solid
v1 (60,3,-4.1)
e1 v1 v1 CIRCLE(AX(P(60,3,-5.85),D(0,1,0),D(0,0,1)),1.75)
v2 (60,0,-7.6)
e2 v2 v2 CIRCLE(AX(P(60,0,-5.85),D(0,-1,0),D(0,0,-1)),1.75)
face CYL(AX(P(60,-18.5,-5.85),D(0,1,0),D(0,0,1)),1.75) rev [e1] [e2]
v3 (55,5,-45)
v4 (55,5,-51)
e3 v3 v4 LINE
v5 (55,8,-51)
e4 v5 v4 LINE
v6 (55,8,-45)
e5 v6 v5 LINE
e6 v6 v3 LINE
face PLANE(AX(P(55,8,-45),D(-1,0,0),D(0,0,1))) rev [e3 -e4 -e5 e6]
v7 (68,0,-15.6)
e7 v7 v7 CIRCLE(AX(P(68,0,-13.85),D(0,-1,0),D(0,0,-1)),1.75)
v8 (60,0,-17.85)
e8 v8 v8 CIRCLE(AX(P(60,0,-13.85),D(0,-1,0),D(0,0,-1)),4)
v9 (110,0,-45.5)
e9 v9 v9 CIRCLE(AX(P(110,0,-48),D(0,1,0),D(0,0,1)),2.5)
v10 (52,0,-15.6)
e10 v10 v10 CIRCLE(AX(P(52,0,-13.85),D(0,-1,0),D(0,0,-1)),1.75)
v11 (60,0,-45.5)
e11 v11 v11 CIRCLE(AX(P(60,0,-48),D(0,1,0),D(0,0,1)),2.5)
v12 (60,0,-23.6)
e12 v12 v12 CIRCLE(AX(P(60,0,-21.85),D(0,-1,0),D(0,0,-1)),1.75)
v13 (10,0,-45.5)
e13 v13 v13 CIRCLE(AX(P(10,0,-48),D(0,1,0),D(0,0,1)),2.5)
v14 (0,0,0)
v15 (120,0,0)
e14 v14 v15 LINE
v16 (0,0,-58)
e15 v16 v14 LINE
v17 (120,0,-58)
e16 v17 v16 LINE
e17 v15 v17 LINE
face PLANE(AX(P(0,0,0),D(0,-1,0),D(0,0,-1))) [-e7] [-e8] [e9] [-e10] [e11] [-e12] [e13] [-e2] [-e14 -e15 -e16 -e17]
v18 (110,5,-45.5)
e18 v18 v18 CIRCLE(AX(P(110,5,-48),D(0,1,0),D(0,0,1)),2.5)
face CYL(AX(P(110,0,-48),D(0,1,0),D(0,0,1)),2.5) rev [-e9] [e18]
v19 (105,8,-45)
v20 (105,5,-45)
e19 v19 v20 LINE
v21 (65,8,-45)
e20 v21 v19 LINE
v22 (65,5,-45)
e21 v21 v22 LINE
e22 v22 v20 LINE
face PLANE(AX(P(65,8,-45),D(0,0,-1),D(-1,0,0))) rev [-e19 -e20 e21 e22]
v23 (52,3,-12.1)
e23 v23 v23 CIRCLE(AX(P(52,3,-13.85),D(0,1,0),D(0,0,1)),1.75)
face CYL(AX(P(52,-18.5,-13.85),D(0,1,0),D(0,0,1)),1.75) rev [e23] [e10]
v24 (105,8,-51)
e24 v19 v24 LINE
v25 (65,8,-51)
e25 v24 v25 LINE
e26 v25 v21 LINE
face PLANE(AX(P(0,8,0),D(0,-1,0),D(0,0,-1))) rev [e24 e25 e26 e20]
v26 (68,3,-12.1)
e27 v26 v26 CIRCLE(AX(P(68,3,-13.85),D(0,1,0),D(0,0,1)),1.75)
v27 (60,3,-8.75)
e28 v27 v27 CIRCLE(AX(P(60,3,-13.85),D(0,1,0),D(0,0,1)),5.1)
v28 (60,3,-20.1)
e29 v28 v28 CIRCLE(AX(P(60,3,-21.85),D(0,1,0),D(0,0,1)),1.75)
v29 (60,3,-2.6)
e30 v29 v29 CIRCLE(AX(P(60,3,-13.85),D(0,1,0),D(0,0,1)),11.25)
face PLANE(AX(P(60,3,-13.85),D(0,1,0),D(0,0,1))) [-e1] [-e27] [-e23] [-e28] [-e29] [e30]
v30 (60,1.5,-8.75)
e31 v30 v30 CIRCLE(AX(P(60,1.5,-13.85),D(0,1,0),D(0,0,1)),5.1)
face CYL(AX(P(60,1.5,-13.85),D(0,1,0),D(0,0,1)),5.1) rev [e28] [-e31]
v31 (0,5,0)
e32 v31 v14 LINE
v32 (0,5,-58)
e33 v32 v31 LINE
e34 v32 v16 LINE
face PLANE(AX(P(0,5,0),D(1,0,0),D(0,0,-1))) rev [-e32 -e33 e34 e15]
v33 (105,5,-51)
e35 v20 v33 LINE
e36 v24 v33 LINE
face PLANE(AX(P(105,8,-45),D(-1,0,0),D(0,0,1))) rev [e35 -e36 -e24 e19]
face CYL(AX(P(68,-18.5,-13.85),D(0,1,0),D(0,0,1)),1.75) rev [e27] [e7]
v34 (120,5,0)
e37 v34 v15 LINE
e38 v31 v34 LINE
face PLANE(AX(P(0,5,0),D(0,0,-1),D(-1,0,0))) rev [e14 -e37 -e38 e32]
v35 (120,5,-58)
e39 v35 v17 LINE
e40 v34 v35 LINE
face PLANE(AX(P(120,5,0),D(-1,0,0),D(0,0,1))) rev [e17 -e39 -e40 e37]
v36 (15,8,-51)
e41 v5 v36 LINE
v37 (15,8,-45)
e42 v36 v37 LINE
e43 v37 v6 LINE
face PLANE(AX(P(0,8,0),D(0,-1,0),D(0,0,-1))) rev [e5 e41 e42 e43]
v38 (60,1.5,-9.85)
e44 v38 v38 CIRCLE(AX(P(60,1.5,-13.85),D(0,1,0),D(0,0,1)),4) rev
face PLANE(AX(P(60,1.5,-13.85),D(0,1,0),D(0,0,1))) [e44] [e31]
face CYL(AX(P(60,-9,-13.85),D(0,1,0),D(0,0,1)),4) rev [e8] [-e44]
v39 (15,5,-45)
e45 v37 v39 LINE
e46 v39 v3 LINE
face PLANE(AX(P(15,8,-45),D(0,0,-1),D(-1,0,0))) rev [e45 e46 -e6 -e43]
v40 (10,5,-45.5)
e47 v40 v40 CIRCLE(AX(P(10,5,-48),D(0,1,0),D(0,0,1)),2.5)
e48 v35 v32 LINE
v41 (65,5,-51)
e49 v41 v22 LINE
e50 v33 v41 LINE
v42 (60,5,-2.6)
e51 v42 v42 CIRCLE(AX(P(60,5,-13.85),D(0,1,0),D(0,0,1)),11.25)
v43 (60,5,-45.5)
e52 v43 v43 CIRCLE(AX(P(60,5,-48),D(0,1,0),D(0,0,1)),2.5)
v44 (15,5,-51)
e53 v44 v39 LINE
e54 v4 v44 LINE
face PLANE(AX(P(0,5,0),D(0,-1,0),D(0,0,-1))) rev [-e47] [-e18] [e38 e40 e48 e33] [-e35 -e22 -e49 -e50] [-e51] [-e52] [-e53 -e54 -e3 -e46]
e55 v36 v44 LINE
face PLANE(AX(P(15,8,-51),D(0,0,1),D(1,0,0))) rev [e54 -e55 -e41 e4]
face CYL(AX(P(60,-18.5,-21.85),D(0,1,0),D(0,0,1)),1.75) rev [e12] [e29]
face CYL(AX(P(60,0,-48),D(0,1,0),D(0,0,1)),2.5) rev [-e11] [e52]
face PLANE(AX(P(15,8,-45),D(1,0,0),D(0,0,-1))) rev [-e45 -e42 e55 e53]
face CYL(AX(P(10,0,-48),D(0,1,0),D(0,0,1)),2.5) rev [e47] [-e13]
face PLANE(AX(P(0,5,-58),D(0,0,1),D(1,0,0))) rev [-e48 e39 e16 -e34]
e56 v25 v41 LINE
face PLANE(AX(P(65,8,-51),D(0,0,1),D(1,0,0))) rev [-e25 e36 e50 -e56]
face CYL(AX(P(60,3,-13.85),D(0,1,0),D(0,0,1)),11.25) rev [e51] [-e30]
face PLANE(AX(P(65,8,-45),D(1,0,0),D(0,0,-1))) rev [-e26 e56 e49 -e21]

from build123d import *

# Parameters (mm, degrees)
SKETCH1_W           = 120
SKETCH1_H           = 58
BOSS_EXTRUDE5_DEPTH = 5
SKETCH5_R           = 2.5
CUT_EXTRUDE2_DEPTH  = 5
SKETCH6_W           = 40
SKETCH6_H           = 6
BOSS_EXTRUDE6_DEPTH = 3
SKETCH7_R           = 11.25
CUT_EXTRUDE3_DEPTH  = 2
SKETCH8_R           = 4
CUT_EXTRUDE4_DEPTH  = 12
SKETCH9_R           = 5.1
CUT_EXTRUDE5_DEPTH  = 1.5
SKETCH10_R          = 1.75
CUT_EXTRUDE6_DEPTH  = 21.5


with BuildPart() as part:
    # Sketch1 → Boss-Extrude5 (new body)
    with BuildSketch(Plane(origin=(0, 0, 0), x_dir=(1, 0, 0), z_dir=(0, 1, 0))):
        with Locations((60, 29)):
            Rectangle(SKETCH1_W, SKETCH1_H)
    extrude(amount=BOSS_EXTRUDE5_DEPTH)

    # Sketch5 → Cut-Extrude2 (cut)
    with BuildSketch(Plane(origin=(0, 5, 0), x_dir=(1, 0, 0), z_dir=(0, 1, 0))):
        with Locations(Location((10, 48, 0), (0, 0, 270))):
            Circle(SKETCH5_R)
        with Locations(Location((60, 48, 0), (0, 0, 270))):
            Circle(SKETCH5_R)
        with Locations(Location((110, 48, 0), (0, 0, 270))):
            Circle(SKETCH5_R)
    extrude(amount=-CUT_EXTRUDE2_DEPTH, mode=Mode.SUBTRACT)

    # Sketch6 → Boss-Extrude6 (add)
    with BuildSketch(Plane(origin=(0, 5, 0), x_dir=(1, 0, 0), z_dir=(0, 1, 0))):
        with Locations((35, 48)):
            Rectangle(SKETCH6_W, SKETCH6_H)
        with Locations((85, 48)):
            Rectangle(SKETCH6_W, SKETCH6_H)
    extrude(amount=BOSS_EXTRUDE6_DEPTH)

    # Sketch7 → Cut-Extrude3 (cut)
    with BuildSketch(Plane(origin=(0, 5, 0), x_dir=(1, 0, 0), z_dir=(0, 1, 0))):
        with Locations(Location((60, 13.85, 0), (0, 0, 270))):
            Circle(SKETCH7_R)
    extrude(amount=-CUT_EXTRUDE3_DEPTH, mode=Mode.SUBTRACT)

    # Sketch8 → Cut-Extrude4 (cut)
    with BuildSketch(Plane(origin=(0, 3, 0), x_dir=(1, 0, 0), z_dir=(0, 1, 0))):
        with Locations(Location((60, 13.85, 0), (0, 0, 270))):
            Circle(SKETCH8_R)
    extrude(amount=-CUT_EXTRUDE4_DEPTH, mode=Mode.SUBTRACT)

    # Sketch9 → Cut-Extrude5 (cut)
    with BuildSketch(Plane(origin=(0, 3, 0), x_dir=(1, 0, 0), z_dir=(0, 1, 0))):
        with Locations(Location((60, 13.85, 0), (0, 0, 270))):
            Circle(SKETCH9_R)
    extrude(amount=-CUT_EXTRUDE5_DEPTH, mode=Mode.SUBTRACT)

    # Sketch10 → Cut-Extrude6 (cut)
    with BuildSketch(Plane(origin=(0, 3, 0), x_dir=(1, 0, 0), z_dir=(0, 1, 0))):
        with Locations(Location((52, 13.85, 0), (0, 0, 270))):
            Circle(SKETCH10_R)
        with Locations(Location((60, 21.85, 0), (0, 0, 270))):
            Circle(SKETCH10_R)
        with Locations(Location((68, 13.85, 0), (0, 0, 270))):
            Circle(SKETCH10_R)
        with Locations(Location((60, 5.85, 0), (0, 0, 270))):
            Circle(SKETCH10_R)
    extrude(amount=-CUT_EXTRUDE6_DEPTH, mode=Mode.SUBTRACT)


solid = part.part
